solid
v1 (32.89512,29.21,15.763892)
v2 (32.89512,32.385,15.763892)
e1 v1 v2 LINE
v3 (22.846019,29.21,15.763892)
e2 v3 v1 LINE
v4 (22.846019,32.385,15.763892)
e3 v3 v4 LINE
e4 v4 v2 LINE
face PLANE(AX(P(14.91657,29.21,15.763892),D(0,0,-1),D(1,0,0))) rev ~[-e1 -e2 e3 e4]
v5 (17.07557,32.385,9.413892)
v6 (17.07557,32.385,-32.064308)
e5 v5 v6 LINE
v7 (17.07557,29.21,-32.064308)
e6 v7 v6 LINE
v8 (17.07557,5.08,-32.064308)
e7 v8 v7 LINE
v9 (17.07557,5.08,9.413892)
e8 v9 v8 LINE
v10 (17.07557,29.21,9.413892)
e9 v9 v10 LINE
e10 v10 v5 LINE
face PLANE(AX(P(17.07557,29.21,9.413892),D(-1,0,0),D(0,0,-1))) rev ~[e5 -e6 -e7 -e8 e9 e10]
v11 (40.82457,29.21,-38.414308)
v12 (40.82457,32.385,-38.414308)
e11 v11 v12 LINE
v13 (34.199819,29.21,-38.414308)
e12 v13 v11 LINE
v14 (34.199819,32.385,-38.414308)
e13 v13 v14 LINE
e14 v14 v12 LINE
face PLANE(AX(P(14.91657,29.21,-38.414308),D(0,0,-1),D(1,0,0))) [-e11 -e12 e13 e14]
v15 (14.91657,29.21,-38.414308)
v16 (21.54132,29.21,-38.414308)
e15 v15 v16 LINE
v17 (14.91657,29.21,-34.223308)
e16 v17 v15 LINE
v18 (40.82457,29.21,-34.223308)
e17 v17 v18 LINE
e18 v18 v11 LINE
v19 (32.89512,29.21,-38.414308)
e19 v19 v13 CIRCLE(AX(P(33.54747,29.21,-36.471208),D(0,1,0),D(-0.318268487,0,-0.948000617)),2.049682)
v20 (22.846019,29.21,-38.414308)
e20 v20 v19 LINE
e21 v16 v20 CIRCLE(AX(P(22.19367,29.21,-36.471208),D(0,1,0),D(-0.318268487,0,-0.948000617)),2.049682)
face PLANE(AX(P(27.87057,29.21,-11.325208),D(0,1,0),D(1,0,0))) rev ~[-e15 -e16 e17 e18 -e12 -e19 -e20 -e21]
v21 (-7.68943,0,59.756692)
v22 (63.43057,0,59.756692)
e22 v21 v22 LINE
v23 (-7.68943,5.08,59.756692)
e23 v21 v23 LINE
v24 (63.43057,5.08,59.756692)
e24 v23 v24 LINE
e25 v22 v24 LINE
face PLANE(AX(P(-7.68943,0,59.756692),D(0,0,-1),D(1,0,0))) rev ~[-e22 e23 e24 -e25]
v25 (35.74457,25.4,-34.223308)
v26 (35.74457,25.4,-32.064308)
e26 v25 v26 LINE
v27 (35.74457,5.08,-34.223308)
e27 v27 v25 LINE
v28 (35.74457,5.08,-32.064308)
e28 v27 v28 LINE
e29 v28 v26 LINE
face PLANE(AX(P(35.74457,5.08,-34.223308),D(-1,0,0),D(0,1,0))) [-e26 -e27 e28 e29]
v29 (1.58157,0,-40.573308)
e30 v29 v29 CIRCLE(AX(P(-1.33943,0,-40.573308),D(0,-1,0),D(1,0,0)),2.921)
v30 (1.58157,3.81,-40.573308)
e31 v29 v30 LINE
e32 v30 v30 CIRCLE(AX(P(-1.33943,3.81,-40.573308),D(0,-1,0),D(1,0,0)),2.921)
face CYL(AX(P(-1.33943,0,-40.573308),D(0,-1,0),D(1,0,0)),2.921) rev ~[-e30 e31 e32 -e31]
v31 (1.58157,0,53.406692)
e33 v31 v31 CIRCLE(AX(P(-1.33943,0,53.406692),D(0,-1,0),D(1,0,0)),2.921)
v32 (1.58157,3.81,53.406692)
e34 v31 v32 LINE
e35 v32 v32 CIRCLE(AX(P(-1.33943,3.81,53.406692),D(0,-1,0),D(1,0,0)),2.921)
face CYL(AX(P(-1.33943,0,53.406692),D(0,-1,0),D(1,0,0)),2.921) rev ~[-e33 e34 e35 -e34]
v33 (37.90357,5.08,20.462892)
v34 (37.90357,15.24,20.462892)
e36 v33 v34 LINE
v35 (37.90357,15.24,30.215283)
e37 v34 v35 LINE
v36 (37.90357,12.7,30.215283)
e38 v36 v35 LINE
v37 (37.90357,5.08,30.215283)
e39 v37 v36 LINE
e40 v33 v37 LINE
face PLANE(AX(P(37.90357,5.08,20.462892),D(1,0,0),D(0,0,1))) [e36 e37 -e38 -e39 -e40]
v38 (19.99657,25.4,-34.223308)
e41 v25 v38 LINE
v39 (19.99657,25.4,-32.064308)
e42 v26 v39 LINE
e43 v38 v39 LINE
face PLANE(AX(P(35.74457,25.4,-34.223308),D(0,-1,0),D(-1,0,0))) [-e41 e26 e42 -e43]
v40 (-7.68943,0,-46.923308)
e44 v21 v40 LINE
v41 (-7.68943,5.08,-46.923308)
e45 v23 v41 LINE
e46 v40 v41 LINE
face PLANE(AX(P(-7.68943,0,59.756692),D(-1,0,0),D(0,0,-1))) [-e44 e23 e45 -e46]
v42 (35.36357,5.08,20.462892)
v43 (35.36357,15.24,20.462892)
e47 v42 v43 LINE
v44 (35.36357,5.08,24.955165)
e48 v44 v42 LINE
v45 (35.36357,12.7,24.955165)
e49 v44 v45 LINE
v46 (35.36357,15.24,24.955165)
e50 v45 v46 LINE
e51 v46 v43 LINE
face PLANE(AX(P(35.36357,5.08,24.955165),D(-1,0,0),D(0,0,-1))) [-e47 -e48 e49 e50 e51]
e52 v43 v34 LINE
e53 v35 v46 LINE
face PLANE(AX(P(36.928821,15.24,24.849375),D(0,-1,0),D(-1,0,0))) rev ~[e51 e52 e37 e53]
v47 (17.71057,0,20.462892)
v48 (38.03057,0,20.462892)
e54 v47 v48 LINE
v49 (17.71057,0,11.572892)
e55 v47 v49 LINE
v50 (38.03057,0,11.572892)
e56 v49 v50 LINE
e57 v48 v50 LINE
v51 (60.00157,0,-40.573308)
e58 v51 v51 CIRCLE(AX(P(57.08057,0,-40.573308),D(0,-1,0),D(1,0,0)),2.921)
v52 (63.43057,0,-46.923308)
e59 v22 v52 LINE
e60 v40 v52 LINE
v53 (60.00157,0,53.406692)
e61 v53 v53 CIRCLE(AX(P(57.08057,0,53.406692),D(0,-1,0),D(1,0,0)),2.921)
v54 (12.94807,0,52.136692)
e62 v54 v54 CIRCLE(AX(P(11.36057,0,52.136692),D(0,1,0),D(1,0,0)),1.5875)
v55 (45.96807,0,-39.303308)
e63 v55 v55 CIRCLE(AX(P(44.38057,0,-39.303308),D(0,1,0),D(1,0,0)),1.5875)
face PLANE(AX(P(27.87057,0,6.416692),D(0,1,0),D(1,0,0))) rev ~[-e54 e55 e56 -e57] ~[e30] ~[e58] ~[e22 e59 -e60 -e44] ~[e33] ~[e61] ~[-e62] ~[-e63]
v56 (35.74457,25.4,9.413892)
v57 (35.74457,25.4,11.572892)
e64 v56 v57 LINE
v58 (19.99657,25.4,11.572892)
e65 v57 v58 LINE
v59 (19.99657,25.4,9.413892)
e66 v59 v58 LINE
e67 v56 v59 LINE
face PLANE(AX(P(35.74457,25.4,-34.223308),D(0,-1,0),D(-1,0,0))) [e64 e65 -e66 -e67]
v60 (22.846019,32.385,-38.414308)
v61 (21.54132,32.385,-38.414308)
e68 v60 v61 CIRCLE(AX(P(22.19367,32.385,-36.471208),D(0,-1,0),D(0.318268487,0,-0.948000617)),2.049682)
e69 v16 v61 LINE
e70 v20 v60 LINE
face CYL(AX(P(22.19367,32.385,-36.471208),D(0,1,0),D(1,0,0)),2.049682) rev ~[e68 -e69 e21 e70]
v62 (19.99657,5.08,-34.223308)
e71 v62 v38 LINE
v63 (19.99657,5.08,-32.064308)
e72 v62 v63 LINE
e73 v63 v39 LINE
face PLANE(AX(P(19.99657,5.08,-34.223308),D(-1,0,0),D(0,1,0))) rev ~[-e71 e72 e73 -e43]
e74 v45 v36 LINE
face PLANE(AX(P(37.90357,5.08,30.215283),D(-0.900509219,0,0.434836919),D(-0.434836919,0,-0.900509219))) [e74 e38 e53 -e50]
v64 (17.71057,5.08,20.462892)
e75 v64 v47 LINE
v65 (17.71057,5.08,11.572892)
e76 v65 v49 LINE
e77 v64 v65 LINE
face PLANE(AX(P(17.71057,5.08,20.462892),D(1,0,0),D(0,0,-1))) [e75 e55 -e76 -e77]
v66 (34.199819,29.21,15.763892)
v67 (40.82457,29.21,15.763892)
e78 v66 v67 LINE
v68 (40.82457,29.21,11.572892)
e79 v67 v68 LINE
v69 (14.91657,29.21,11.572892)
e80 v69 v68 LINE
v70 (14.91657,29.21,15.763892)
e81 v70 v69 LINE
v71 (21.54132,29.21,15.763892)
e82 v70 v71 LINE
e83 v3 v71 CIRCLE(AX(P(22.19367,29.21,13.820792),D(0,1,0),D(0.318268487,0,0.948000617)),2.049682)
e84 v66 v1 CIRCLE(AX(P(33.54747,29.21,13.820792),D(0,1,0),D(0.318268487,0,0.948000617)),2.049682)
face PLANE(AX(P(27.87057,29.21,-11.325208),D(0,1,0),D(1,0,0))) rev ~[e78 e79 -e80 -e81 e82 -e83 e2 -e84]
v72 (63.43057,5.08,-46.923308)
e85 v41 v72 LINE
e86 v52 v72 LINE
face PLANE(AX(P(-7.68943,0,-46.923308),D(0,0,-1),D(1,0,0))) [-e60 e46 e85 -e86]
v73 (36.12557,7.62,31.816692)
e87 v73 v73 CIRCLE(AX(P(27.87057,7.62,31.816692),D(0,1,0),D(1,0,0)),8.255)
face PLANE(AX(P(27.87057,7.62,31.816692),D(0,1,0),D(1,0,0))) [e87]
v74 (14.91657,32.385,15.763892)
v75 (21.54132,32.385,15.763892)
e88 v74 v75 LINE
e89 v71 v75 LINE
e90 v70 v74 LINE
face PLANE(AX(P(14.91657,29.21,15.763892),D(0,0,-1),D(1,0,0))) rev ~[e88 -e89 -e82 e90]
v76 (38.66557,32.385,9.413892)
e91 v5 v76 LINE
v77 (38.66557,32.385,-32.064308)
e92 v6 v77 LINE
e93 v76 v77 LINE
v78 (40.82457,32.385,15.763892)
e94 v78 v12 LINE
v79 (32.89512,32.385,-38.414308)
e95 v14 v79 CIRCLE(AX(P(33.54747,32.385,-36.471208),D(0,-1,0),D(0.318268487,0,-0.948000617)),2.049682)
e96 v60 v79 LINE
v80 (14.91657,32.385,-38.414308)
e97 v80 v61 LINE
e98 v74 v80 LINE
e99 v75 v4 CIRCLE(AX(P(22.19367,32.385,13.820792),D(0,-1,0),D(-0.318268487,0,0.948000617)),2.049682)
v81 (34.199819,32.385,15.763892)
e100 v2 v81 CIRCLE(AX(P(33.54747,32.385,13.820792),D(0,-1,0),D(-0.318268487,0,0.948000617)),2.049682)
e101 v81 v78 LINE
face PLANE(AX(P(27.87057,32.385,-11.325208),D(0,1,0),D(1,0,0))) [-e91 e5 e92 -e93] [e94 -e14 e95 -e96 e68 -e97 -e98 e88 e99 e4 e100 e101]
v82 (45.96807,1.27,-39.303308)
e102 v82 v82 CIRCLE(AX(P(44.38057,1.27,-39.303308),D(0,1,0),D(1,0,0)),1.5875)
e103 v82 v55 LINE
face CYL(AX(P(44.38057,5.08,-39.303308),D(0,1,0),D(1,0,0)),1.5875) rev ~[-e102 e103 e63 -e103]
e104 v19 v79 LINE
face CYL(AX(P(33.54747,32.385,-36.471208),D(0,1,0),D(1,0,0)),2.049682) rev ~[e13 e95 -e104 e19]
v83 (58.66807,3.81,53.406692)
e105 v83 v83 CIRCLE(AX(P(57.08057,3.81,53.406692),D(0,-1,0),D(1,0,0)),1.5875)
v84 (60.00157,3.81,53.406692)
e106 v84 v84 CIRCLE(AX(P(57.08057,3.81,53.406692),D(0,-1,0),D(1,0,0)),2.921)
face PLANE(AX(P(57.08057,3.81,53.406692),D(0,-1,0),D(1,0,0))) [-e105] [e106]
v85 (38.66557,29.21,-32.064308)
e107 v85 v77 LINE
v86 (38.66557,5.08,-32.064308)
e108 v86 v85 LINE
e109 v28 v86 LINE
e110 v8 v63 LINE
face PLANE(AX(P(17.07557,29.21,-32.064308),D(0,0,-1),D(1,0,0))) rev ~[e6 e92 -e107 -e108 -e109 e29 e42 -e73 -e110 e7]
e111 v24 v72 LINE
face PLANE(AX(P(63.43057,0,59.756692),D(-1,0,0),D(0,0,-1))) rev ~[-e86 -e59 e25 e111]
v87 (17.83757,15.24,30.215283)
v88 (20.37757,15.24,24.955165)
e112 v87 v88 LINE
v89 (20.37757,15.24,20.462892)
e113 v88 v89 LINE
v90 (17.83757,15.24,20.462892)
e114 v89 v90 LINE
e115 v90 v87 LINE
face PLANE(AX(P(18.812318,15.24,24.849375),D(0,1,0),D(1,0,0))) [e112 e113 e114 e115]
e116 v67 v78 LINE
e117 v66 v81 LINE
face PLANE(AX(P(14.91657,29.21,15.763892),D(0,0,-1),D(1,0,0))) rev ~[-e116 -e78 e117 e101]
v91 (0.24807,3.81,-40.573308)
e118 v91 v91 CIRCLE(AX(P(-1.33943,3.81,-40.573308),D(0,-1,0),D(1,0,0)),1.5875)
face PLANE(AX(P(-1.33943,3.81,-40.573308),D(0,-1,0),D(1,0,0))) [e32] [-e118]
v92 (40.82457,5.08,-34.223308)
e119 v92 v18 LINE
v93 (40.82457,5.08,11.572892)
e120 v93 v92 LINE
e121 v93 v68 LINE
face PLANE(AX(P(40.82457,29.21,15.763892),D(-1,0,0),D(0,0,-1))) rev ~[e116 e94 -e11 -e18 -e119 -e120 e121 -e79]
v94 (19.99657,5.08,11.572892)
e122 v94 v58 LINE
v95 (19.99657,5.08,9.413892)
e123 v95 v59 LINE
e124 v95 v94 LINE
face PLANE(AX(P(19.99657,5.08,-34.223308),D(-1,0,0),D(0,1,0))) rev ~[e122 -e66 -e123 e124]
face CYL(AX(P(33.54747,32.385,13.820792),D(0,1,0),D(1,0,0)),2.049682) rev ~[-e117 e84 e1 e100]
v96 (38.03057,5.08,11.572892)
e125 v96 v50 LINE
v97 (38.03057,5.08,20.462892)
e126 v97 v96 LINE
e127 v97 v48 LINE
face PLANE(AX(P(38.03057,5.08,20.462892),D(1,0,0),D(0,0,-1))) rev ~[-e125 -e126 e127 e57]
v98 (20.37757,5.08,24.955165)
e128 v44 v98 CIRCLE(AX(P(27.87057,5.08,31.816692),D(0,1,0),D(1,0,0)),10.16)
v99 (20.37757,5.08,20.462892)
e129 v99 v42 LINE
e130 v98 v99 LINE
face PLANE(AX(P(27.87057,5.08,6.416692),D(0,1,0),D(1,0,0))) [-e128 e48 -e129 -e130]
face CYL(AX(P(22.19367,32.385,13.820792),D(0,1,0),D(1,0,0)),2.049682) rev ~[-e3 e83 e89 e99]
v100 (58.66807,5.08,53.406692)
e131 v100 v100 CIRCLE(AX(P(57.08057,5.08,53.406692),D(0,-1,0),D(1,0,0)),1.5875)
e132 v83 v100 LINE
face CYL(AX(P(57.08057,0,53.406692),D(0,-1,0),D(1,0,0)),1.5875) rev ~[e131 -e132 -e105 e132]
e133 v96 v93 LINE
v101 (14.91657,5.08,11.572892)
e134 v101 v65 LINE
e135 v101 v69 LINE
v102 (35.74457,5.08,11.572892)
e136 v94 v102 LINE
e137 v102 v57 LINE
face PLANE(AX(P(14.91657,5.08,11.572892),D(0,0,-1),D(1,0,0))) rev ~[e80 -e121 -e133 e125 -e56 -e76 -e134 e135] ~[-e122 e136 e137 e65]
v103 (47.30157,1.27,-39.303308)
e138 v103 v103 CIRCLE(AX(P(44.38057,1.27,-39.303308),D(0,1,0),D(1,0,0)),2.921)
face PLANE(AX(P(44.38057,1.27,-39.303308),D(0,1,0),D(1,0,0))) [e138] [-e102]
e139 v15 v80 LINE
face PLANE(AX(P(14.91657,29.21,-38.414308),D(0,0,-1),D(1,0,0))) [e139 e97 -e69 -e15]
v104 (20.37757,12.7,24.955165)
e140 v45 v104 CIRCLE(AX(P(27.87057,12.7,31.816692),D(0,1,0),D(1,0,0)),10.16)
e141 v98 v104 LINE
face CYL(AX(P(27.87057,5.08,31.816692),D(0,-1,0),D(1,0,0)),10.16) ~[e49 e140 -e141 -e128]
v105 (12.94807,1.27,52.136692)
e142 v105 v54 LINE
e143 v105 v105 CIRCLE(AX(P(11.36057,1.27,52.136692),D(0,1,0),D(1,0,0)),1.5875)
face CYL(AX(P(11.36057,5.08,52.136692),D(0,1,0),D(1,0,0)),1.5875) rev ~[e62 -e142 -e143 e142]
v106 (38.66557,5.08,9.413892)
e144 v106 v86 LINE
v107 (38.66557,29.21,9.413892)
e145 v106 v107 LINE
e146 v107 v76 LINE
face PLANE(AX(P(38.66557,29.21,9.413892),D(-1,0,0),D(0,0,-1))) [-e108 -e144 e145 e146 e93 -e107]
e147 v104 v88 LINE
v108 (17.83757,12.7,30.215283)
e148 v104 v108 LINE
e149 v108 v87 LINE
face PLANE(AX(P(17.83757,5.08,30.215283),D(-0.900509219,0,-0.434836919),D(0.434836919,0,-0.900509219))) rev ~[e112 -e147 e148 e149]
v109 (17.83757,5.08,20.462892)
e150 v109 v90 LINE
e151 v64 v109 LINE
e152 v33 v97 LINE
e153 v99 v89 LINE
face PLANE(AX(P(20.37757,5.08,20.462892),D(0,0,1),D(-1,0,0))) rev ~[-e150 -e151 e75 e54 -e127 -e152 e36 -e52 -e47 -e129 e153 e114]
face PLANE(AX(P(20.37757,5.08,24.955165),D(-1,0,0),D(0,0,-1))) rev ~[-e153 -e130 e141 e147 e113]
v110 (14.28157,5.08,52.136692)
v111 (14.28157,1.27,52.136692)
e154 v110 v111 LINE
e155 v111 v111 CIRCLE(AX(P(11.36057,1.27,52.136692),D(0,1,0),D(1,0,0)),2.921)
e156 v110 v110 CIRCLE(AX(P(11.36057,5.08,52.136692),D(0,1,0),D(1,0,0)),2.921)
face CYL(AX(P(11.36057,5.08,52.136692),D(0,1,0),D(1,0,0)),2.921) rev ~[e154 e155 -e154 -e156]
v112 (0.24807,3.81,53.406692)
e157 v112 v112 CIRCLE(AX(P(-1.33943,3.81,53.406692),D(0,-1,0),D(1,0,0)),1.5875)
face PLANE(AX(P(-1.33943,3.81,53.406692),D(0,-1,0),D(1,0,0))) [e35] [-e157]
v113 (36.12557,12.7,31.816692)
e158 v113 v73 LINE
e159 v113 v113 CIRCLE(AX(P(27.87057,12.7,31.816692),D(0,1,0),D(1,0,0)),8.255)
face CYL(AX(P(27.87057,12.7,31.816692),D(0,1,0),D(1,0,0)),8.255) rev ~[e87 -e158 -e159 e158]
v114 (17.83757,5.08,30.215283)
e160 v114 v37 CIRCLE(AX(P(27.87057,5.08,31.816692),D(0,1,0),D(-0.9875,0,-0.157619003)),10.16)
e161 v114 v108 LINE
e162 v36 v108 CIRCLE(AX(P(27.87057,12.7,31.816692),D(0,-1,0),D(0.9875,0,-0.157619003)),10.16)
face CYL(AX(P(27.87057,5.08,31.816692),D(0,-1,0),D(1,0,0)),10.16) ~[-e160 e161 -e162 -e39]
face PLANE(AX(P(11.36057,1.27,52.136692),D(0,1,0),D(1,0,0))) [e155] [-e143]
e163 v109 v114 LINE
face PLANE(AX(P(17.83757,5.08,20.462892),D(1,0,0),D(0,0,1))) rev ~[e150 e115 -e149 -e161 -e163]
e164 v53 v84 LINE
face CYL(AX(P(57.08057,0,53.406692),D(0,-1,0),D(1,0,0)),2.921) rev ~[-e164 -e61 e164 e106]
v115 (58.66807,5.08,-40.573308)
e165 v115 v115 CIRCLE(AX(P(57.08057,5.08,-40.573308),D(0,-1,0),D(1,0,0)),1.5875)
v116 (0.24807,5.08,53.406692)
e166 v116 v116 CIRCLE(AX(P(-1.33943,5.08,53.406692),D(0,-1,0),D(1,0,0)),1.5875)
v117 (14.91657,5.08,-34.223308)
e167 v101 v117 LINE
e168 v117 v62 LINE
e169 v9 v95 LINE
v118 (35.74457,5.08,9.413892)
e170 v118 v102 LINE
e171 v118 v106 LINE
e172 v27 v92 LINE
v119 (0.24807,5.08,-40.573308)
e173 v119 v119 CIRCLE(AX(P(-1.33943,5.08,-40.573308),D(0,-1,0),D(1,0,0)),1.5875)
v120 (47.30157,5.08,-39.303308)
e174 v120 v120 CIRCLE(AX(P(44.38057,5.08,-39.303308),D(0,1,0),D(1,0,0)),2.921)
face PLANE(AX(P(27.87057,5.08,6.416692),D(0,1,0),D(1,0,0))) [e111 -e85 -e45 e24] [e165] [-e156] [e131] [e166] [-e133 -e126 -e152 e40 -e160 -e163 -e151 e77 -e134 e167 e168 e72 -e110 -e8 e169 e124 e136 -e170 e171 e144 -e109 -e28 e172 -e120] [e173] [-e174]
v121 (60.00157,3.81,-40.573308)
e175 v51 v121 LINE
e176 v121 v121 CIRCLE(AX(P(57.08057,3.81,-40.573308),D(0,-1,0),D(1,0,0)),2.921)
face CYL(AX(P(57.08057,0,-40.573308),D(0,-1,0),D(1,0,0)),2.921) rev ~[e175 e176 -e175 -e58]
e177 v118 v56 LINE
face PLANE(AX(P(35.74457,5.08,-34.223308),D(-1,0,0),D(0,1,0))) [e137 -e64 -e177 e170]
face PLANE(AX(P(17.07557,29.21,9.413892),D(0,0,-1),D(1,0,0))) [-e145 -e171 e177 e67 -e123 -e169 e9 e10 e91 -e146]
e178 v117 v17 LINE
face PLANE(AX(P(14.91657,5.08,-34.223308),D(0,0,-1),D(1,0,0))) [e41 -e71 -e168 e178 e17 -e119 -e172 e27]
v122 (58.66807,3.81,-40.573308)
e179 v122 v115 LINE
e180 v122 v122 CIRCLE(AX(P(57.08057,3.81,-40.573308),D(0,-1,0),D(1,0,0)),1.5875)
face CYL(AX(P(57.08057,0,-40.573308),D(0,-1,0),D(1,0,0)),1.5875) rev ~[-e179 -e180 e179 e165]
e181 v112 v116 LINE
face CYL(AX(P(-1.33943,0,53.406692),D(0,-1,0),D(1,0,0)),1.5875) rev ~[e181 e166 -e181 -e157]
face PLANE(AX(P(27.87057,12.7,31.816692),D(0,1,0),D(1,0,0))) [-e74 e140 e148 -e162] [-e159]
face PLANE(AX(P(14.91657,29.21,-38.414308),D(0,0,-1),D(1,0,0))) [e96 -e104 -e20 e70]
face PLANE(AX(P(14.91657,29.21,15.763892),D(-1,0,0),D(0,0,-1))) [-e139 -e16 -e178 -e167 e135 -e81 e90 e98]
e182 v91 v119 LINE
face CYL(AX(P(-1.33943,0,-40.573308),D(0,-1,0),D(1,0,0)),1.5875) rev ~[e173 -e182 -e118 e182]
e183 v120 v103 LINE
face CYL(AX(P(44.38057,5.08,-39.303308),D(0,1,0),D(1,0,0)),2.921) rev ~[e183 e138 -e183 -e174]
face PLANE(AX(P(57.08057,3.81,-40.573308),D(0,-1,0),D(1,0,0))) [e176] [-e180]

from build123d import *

# Parameters (mm, degrees)
SKETCH1_W           = 71.12
SKETCH1_H           = 106.68
BOSS_EXTRUDE1_DEPTH = 5.08
SKETCH3_W           = 25.908
SKETCH3_H           = 45.7962
SKETCH3_W_2         = 21.59
SKETCH3_H_2         = 41.4782
BOSS_EXTRUDE2_DEPTH = 24.13
SKETCH4_W           = 25.908
SKETCH4_H           = 54.1782
SKETCH4_W_2         = 21.59
SKETCH4_H_2         = 41.4782
BOSS_EXTRUDE3_DEPTH = 3.175
SKETCH5_R           = 2.04968221
CUT_EXTRUDE1_DEPTH  = 3.175
SKETCH7_W           = 15.748
SKETCH7_H           = 20.32
CUT_EXTRUDE3_DEPTH  = 45.7962
SKETCH8_R           = 10.16
BOSS_EXTRUDE4_DEPTH = 7.62
SKETCH9_R           = 8.255
CUT_EXTRUDE4_DEPTH  = 5.08
SKETCH10_W          = 20.32
SKETCH10_H          = 8.89
CUT_EXTRUDE5_DEPTH  = 6.08
SKETCH11_R          = 1.5875
CUT_EXTRUDE6_DEPTH  = 6.08
SKETCH15_R          = 2.921
CUT_EXTRUDE7_DEPTH  = 3.81
SKETCH16_R          = 2.921
CUT_EXTRUDE8_DEPTH  = 3.81
SKETCH17_R          = 1.5875
CUT_EXTRUDE9_DEPTH  = 33.385
BOSS_EXTRUDE5_DEPTH = 10.16


with BuildPart() as part:
    # Sketch1 → Boss-Extrude1 (new body)
    with BuildSketch(Plane(origin=(56.401870569, 0, 2.613156724), x_dir=(1, 0, 0), z_dir=(0, 1, 0))):
        with Locations((-28.531301018, -3.803535099)):
            Rectangle(SKETCH1_W, SKETCH1_H)
    extrude(amount=BOSS_EXTRUDE1_DEPTH)

    # Sketch3 → Boss-Extrude2 (add)
    with BuildSketch(Plane(origin=(56.401870569, 5.08, 2.613156724), x_dir=(1, 0, 0), z_dir=(0, 1, 0))):
        with Locations((-28.531301018, 13.938364901)):
            Rectangle(SKETCH3_W, SKETCH3_H)
        with Locations((-28.531301018, 13.938364901)):
            Rectangle(SKETCH3_W_2, SKETCH3_H_2, mode=Mode.SUBTRACT)
    extrude(amount=BOSS_EXTRUDE2_DEPTH)

    # Sketch4 → Boss-Extrude3 (add)
    with BuildSketch(Plane(origin=(0, 29.21, 0), x_dir=(1, 0, 0), z_dir=(0, 1, 0))):
        with Locations((27.87056955, 11.325208176)):
            Rectangle(SKETCH4_W, SKETCH4_H)
        with Locations((27.87056955, 11.325208176)):
            Rectangle(SKETCH4_W_2, SKETCH4_H_2, mode=Mode.SUBTRACT)
    extrude(amount=BOSS_EXTRUDE3_DEPTH)

    # Sketch5 → Cut-Extrude1 (cut)
    with BuildSketch(Plane(origin=(0, 32.385, 0), x_dir=(1, 0, 0), z_dir=(0, 1, 0))):
        with Locations((22.19366955, 36.471208176)):
            Circle(SKETCH5_R)
        with Locations((33.54746955, 36.471208176)):
            Circle(SKETCH5_R)
        with Locations((22.19366955, -13.820791824)):
            Circle(SKETCH5_R)
        with Locations((33.54746955, -13.820791824)):
            Circle(SKETCH5_R)
    extrude(amount=-CUT_EXTRUDE1_DEPTH, mode=Mode.SUBTRACT)

    # Sketch7 → Cut-Extrude3 (cut)
    with BuildSketch(Plane(origin=(0, 0, -34.223308176), x_dir=(-1, 0, 0), z_dir=(0, 0, -1))):
        with Locations((-27.87056955, 15.24)):
            Rectangle(SKETCH7_W, SKETCH7_H)
    extrude(amount=-CUT_EXTRUDE3_DEPTH, mode=Mode.SUBTRACT)

    # Sketch8 → Boss-Extrude4 (add)
    with BuildSketch(Plane(origin=(0, 5.08, 0), x_dir=(1, 0, 0), z_dir=(0, 1, 0))):
        with Locations((27.87056955, -31.816691824)):
            Circle(SKETCH8_R)
    extrude(amount=BOSS_EXTRUDE4_DEPTH)

    # Sketch9 → Cut-Extrude4 (cut)
    with BuildSketch(Plane(origin=(0, 12.7, 0), x_dir=(1, 0, 0), z_dir=(0, 1, 0))):
        with Locations((27.87056955, -31.816691824)):
            Circle(SKETCH9_R)
    extrude(amount=-CUT_EXTRUDE4_DEPTH, mode=Mode.SUBTRACT)

    # Sketch10 → Cut-Extrude5 (cut, through all)
    with BuildSketch(Plane(origin=(0, 5.08, 0), x_dir=(1, 0, 0), z_dir=(0, 1, 0))):
        with Locations((27.87056955, -16.017891824)):
            Rectangle(SKETCH10_W, SKETCH10_H)
    extrude(amount=-CUT_EXTRUDE5_DEPTH, mode=Mode.SUBTRACT)

    # Sketch11 → Cut-Extrude6 (cut, through all)
    with BuildSketch(Plane(origin=(0, 5.08, 0), x_dir=(1, 0, 0), z_dir=(0, 1, 0))):
        with Locations((44.38056955, 39.303308176)):
            Circle(SKETCH11_R)
        with Locations((11.36056955, -52.136691824)):
            Circle(SKETCH11_R)
    extrude(amount=-CUT_EXTRUDE6_DEPTH, mode=Mode.SUBTRACT)

    # Sketch15 → Cut-Extrude7 (cut)
    with BuildSketch(Plane(origin=(0, 5.08, 0), x_dir=(1, 0, 0), z_dir=(0, 1, 0))):
        with Locations((11.36056955, -52.136691824)):
            Circle(SKETCH15_R)
        with Locations((44.38056955, 39.303308176)):
            Circle(SKETCH15_R)
    extrude(amount=-CUT_EXTRUDE7_DEPTH, mode=Mode.SUBTRACT)

    # Sketch16 → Cut-Extrude8 (cut)
    with BuildSketch(Plane.XZ):
        with Locations((-1.33943045, 53.406691824)):
            Circle(SKETCH16_R)
        with Locations((57.08056955, 53.406691824)):
            Circle(SKETCH16_R)
        with Locations((57.08056955, -40.573308176)):
            Circle(SKETCH16_R)
        with Locations((-1.33943045, -40.573308176)):
            Circle(SKETCH16_R)
    extrude(amount=-CUT_EXTRUDE8_DEPTH, mode=Mode.SUBTRACT)

    # Sketch17 → Cut-Extrude9 (cut, through all)
    with BuildSketch(Plane.XZ):
        with Locations((-1.33943045, 53.406691824)):
            Circle(SKETCH17_R)
        with Locations((57.08056955, 53.406691824)):
            Circle(SKETCH17_R)
        with Locations((57.08056955, -40.573308176)):
            Circle(SKETCH17_R)
        with Locations((-1.33943045, -40.573308176)):
            Circle(SKETCH17_R)
    extrude(amount=-CUT_EXTRUDE9_DEPTH, mode=Mode.SUBTRACT)

    # Sketch23 → Boss-Extrude5 (add)
    with BuildSketch(Plane(origin=(0, 5.08, 0), x_dir=(1, 0, 0), z_dir=(0, 1, 0))):
        Polygon((20.37756955, -20.462891824), (17.83756955, -20.462891824), (17.83756955, -30.215282757), (20.37756955, -24.955164953), align=None)
        Polygon((35.36356955, -20.462891824), (37.90356955, -20.462891824), (37.90356955, -30.215282757), (35.36356955, -24.955164953), align=None)
    extrude(amount=BOSS_EXTRUDE5_DEPTH)


solid = part.part
